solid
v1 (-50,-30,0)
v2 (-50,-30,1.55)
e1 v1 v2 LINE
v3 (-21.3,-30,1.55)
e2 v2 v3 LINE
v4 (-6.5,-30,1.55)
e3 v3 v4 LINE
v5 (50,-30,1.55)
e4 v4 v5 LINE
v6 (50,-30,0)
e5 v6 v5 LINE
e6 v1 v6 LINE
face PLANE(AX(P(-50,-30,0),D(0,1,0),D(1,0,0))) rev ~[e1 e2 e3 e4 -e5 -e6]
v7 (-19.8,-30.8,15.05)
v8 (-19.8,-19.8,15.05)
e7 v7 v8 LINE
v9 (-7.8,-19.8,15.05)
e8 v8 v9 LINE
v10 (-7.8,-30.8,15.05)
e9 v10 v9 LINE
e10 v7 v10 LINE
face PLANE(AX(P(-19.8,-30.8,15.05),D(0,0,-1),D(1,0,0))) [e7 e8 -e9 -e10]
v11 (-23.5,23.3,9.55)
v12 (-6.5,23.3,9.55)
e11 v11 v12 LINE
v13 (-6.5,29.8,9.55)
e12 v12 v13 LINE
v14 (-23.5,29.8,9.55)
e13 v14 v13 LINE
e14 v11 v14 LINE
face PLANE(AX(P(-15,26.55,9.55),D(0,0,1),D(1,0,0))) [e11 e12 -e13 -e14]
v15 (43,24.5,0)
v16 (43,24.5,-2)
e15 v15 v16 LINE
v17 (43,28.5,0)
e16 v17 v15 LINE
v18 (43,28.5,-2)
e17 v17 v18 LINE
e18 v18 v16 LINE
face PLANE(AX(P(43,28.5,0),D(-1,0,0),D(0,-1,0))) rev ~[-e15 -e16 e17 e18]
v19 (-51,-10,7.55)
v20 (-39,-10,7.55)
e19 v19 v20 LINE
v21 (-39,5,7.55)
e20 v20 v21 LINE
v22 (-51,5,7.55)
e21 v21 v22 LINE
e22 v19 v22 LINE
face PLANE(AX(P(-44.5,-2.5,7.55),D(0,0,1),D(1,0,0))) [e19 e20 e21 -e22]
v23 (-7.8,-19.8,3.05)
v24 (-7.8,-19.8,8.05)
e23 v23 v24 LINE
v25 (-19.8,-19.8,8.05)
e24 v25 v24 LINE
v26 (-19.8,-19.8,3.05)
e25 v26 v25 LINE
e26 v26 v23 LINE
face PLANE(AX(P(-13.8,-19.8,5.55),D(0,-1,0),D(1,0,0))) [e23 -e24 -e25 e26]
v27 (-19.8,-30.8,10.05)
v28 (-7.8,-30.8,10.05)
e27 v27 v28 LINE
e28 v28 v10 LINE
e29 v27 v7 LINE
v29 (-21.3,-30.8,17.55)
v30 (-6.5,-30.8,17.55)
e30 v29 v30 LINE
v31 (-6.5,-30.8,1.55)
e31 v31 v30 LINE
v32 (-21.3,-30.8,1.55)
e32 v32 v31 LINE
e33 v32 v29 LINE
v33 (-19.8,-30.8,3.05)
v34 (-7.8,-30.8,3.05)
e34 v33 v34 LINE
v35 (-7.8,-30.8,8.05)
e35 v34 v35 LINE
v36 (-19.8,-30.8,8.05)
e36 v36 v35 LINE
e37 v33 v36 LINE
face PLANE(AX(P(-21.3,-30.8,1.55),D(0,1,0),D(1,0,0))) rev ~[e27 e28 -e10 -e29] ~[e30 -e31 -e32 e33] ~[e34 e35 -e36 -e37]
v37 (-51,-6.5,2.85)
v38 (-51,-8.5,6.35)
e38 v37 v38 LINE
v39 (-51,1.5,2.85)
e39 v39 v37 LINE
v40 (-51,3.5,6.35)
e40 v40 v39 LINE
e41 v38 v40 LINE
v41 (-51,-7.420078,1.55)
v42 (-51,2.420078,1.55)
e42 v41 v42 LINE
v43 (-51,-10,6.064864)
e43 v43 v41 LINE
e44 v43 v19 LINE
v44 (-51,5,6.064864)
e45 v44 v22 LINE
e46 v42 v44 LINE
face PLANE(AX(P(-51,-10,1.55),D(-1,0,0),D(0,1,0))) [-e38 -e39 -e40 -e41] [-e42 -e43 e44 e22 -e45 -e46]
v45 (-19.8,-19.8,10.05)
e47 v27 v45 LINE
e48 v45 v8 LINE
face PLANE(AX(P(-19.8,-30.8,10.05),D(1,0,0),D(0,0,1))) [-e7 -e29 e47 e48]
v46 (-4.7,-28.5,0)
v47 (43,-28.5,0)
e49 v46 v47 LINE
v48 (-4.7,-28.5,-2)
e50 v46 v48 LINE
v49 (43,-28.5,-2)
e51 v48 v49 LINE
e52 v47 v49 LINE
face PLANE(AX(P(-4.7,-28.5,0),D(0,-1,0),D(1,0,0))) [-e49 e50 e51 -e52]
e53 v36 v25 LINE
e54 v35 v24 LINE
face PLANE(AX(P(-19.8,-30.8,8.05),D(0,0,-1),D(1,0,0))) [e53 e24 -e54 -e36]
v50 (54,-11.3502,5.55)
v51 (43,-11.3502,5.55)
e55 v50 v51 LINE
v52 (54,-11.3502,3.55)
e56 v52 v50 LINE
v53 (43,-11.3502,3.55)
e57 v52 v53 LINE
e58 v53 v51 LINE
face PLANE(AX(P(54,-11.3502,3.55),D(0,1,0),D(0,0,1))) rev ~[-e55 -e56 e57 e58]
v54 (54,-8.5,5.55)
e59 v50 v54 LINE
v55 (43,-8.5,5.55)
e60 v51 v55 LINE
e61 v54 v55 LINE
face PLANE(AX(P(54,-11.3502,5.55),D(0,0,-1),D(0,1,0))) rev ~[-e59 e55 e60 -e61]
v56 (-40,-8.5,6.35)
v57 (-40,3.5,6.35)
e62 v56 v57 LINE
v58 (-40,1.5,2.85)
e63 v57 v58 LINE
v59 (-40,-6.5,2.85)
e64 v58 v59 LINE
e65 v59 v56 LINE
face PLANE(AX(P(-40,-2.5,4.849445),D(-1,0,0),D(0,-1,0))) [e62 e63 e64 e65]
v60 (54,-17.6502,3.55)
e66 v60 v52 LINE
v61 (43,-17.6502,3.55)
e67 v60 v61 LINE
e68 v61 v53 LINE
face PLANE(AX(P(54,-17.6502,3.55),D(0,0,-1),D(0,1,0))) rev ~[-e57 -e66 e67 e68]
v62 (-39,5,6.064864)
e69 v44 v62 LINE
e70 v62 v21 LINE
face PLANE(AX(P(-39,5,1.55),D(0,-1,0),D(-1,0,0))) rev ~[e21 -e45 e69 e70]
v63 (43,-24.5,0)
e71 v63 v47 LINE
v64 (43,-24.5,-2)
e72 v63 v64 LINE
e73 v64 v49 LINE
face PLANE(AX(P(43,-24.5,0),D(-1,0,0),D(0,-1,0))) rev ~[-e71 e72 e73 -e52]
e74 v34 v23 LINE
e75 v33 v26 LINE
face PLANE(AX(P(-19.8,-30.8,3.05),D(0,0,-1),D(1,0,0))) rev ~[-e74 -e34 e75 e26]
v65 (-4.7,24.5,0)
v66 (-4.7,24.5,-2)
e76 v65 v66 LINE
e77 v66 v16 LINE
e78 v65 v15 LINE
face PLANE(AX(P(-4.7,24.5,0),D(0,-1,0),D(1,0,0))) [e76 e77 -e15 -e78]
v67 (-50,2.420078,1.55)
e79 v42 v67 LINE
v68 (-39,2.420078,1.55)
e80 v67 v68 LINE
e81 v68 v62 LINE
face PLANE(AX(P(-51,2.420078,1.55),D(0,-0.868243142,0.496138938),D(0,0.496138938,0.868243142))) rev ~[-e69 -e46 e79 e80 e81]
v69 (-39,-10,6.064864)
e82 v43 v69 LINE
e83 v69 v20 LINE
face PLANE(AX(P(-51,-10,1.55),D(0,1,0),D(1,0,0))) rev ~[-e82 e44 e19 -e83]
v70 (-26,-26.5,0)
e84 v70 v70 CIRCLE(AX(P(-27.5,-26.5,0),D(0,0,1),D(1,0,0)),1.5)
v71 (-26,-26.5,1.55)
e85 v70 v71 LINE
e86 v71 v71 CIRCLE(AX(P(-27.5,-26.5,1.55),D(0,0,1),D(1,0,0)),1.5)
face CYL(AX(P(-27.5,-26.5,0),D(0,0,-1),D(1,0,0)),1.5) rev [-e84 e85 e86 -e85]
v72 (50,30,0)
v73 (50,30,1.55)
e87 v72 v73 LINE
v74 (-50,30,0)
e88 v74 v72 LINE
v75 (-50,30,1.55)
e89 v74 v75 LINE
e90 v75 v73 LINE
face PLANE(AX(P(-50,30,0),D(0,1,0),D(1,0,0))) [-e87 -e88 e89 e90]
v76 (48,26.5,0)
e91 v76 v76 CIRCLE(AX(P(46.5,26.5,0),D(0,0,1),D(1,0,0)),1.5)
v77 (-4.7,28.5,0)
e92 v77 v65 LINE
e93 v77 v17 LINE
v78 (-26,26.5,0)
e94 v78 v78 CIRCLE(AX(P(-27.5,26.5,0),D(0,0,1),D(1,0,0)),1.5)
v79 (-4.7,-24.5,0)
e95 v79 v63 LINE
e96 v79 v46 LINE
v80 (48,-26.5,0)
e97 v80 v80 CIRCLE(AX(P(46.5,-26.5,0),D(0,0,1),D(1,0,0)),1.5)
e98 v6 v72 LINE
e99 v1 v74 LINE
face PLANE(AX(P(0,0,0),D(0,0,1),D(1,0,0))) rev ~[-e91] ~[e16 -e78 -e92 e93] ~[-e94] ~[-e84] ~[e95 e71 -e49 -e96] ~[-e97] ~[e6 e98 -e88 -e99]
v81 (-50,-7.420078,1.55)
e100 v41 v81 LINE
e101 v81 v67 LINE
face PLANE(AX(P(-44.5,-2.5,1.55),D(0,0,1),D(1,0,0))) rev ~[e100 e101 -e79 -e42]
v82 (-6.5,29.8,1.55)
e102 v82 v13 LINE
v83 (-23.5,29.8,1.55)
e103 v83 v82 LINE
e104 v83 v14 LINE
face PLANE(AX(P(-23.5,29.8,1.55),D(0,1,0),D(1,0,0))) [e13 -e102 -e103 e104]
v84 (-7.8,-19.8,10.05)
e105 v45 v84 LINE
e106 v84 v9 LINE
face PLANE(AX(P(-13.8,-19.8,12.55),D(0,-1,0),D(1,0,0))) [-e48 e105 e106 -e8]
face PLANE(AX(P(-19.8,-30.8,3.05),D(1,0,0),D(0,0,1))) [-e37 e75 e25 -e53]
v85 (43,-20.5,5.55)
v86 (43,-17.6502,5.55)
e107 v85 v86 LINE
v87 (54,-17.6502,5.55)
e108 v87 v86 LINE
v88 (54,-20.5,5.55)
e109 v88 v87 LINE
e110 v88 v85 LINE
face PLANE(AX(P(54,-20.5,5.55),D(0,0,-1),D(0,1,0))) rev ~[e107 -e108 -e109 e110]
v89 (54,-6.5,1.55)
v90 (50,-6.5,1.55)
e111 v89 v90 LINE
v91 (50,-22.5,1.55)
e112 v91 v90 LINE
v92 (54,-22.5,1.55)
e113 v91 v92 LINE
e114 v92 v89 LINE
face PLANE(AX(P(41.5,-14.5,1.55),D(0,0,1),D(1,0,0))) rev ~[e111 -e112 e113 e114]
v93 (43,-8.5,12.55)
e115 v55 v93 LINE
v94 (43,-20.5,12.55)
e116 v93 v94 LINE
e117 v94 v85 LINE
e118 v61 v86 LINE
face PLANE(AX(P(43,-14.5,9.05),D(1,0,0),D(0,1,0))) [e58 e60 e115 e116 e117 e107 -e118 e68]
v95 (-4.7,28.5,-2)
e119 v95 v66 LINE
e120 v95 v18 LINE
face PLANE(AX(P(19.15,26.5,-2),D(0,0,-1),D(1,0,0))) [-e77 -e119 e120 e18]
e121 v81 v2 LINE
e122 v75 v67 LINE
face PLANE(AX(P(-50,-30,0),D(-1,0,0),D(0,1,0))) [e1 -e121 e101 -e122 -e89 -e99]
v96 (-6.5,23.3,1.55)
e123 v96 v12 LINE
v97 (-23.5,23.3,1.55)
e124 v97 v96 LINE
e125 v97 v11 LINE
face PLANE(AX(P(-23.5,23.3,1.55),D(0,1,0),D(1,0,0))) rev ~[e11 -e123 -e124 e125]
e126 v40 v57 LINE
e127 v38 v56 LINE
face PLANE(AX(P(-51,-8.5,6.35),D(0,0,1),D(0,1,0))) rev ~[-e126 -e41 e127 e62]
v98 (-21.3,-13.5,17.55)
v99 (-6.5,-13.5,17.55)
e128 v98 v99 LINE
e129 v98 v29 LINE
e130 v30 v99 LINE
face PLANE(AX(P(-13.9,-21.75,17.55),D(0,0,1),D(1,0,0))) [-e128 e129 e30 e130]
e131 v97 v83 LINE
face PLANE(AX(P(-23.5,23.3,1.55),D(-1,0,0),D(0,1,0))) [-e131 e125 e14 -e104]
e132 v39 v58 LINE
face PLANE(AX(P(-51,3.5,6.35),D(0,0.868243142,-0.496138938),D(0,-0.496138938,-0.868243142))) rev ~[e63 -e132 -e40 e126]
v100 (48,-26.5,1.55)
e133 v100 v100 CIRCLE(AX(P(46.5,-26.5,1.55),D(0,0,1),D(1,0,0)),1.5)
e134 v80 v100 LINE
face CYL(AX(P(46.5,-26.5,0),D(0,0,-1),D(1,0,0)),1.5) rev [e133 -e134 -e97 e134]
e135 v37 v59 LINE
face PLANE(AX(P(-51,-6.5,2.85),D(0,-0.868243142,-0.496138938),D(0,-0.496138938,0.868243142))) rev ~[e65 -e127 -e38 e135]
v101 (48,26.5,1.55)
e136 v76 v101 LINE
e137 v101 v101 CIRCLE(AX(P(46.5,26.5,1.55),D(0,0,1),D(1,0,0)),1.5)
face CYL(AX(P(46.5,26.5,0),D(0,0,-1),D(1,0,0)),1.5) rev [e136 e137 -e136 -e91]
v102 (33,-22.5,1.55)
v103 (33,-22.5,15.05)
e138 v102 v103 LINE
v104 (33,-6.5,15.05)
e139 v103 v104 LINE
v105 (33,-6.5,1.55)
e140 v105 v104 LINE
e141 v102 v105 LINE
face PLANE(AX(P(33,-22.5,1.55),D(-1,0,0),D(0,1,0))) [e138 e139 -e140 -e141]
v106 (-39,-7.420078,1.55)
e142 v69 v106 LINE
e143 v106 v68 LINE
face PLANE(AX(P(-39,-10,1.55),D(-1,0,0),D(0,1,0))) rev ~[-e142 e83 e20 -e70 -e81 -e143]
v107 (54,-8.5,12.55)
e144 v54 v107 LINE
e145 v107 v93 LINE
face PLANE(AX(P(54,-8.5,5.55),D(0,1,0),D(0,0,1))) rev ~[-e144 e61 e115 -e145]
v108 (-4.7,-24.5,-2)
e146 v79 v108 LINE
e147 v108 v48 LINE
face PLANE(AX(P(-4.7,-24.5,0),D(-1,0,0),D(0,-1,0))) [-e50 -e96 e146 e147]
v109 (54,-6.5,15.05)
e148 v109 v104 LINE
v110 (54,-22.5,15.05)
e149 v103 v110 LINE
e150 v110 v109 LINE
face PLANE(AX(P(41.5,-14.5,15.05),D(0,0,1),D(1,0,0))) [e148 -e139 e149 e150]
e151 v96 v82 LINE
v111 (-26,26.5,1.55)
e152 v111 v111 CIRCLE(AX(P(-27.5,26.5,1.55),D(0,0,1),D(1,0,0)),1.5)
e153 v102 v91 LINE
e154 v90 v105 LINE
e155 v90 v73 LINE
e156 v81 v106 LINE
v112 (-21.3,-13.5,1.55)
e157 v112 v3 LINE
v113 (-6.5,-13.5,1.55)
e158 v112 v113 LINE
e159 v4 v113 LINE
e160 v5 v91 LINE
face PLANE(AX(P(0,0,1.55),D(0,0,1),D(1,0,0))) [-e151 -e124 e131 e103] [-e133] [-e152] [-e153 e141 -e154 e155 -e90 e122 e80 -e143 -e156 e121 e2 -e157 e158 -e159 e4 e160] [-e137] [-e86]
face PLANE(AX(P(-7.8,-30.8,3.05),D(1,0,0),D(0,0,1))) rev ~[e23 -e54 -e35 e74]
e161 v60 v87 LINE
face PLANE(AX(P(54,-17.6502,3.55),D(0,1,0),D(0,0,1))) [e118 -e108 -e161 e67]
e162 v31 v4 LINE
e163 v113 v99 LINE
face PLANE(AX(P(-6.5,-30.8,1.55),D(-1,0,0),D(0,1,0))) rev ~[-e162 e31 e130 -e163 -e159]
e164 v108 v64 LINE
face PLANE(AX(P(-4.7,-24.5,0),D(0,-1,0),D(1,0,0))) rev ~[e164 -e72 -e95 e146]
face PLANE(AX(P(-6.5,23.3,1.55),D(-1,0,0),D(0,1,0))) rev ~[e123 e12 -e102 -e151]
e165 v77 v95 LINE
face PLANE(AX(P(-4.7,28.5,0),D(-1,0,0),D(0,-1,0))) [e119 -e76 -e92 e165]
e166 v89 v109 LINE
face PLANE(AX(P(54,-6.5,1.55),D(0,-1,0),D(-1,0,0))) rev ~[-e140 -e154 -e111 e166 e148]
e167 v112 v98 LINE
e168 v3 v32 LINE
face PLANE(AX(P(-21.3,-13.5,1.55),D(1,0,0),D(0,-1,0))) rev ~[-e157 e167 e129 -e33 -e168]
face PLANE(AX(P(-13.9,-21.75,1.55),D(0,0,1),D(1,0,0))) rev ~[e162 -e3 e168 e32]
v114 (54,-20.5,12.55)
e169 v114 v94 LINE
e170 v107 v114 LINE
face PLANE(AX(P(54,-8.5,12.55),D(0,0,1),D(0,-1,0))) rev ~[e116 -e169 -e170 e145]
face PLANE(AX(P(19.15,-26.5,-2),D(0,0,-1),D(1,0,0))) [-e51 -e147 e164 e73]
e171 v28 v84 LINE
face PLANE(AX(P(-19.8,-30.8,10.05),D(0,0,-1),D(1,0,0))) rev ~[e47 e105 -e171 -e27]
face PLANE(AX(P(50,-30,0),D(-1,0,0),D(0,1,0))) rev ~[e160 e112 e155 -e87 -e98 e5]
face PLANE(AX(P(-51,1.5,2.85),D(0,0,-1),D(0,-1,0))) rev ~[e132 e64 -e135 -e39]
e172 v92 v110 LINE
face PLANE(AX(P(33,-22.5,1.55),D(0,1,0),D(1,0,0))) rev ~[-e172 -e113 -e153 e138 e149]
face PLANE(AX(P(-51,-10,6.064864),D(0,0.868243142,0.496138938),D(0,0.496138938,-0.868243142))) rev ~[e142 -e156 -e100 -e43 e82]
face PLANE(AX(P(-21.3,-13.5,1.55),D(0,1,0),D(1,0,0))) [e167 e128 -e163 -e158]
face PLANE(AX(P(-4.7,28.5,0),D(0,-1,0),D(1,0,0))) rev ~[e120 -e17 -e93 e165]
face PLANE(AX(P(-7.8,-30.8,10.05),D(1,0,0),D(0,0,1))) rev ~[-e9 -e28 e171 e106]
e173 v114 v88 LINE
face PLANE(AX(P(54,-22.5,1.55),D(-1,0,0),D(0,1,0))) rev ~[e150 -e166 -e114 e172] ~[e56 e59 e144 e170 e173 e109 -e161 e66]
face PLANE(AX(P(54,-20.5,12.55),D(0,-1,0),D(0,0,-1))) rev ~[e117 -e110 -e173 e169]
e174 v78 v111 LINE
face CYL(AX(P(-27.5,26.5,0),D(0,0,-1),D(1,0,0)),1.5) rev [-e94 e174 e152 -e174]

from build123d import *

# Parameters (mm, degrees)
F0_W      = 100
F0_H      = 60
F0_R      = 1.5
F1_DEPTH  = 1.55
F2_W      = 17
F2_H      = 16
F2_W_2    = 4
F3_DEPTH  = 13.5
F4_W      = 14.8
F4_H      = 16.5
F4_H_2    = 0.8
F5_DEPTH  = 16
F6_W      = 47.7
F6_H      = 4
F7_DEPTH  = 2
F8_W      = 17
F8_H      = 6.5
F9_DEPTH  = 8
F10_W     = 11
F10_H     = 15
F10_W_2   = 1
F11_DEPTH = 6
F12_W     = 6.3
F12_H     = 2
F13_DEPTH = 11
F14_W     = 12
F14_H     = 5
F15_DEPTH = 11
F17_DEPTH = 11
F19_DEPTH = 12


with BuildPart() as f1:
    # F0 (on Top) → F1 (new body)
    with BuildSketch(Plane.XY):
        Rectangle(F0_W, F0_H)
        with Locations((-27.5, -26.5)):
            Circle(F0_R, mode=Mode.SUBTRACT)
        with Locations((46.5, -26.5)):
            Circle(F0_R, mode=Mode.SUBTRACT)
        with Locations((-27.5, 26.5)):
            Circle(F0_R, mode=Mode.SUBTRACT)
        with Locations((46.5, 26.5)):
            Circle(F0_R, mode=Mode.SUBTRACT)
    extrude(amount=F1_DEPTH)

    # F2 (on face) → F3 (join)
    with BuildSketch(Plane.XY.offset(1.55)):
        with Locations((41.5, -14.5)):
            Rectangle(F2_W, F2_H)
        with Locations((52, -14.5)):
            Rectangle(F2_W_2, F2_H)
    extrude(amount=F3_DEPTH)

    # F4 (on face) → F5 (join)
    with BuildSketch(Plane.XY.offset(1.55)):
        with Locations((-13.9, -21.75)):
            Rectangle(F4_W, F4_H)
        with Locations((-13.9, -30.4)):
            Rectangle(F4_W, F4_H_2)
    extrude(amount=F5_DEPTH)

    # F6 (on face) → F7 (join)
    with BuildSketch(Plane(origin=(0, 0, 0), x_dir=(1, 0, 0), z_dir=(0, 0, -1))):
        with Locations((19.15, 26.5)):
            Rectangle(F6_W, F6_H)
        with Locations((19.15, -26.5)):
            Rectangle(F6_W, F6_H)
    extrude(amount=F7_DEPTH)

    # F8 (on face) → F9 (join)
    with BuildSketch(Plane.XY.offset(1.55)):
        with Locations((-15, 26.55)):
            Rectangle(F8_W, F8_H)
    extrude(amount=F9_DEPTH)

    # F10 (on face) → F11 (join)
    with BuildSketch(Plane.XY.offset(1.55)):
        with Locations((-44.5, -2.5)):
            Rectangle(F10_W, F10_H)
        with Locations((-50.5, -2.5)):
            Rectangle(F10_W_2, F10_H)
    extrude(amount=F11_DEPTH)

    # F12 (on face) → F13 (cut)
    with BuildSketch(Plane.YZ.offset(54)):
        Polygon((-8.5, 12.55), (-20.5, 12.55), (-20.5, 5.55), (-17.6502, 5.55), (-11.3502, 5.55), (-8.5, 5.55), align=None)
        with Locations((-14.5002, 4.55)):
            Rectangle(F12_W, F12_H)
    extrude(amount=-F13_DEPTH, mode=Mode.SUBTRACT)

    # F14 (on face) → F15 (cut)
    with BuildSketch(Plane.XZ.offset(30.8)):
        with Locations((-13.8, 12.55)):
            Rectangle(F14_W, F14_H)
        with Locations((-13.8, 5.55)):
            Rectangle(F14_W, F14_H)
    extrude(amount=-F15_DEPTH, mode=Mode.SUBTRACT)

    # F16 (on face) → F17 (cut)
    with BuildSketch(Plane(origin=(-51, 0, 0), x_dir=(0, -1, 0), z_dir=(-1, 0, 0))):
        Polygon((8.5, 6.35), (-3.5, 6.35), (-1.5, 2.85), (6.5, 2.85), align=None)
    extrude(amount=-F17_DEPTH, mode=Mode.SUBTRACT)

    # F18 (on face) → F19 (cut, through all)
    with BuildSketch(Plane(origin=(-51, 0, 0), x_dir=(0, -1, 0), z_dir=(-1, 0, 0))):
        Polygon((10, 6.064864339), (7.4200775205, 1.55), (10, 1.55), align=None)
        Polygon((-5, 1.55), (-2.4200775205, 1.55), (-5, 6.064864339), align=None)
    extrude(amount=-F19_DEPTH, mode=Mode.SUBTRACT)


solid = f1.part
